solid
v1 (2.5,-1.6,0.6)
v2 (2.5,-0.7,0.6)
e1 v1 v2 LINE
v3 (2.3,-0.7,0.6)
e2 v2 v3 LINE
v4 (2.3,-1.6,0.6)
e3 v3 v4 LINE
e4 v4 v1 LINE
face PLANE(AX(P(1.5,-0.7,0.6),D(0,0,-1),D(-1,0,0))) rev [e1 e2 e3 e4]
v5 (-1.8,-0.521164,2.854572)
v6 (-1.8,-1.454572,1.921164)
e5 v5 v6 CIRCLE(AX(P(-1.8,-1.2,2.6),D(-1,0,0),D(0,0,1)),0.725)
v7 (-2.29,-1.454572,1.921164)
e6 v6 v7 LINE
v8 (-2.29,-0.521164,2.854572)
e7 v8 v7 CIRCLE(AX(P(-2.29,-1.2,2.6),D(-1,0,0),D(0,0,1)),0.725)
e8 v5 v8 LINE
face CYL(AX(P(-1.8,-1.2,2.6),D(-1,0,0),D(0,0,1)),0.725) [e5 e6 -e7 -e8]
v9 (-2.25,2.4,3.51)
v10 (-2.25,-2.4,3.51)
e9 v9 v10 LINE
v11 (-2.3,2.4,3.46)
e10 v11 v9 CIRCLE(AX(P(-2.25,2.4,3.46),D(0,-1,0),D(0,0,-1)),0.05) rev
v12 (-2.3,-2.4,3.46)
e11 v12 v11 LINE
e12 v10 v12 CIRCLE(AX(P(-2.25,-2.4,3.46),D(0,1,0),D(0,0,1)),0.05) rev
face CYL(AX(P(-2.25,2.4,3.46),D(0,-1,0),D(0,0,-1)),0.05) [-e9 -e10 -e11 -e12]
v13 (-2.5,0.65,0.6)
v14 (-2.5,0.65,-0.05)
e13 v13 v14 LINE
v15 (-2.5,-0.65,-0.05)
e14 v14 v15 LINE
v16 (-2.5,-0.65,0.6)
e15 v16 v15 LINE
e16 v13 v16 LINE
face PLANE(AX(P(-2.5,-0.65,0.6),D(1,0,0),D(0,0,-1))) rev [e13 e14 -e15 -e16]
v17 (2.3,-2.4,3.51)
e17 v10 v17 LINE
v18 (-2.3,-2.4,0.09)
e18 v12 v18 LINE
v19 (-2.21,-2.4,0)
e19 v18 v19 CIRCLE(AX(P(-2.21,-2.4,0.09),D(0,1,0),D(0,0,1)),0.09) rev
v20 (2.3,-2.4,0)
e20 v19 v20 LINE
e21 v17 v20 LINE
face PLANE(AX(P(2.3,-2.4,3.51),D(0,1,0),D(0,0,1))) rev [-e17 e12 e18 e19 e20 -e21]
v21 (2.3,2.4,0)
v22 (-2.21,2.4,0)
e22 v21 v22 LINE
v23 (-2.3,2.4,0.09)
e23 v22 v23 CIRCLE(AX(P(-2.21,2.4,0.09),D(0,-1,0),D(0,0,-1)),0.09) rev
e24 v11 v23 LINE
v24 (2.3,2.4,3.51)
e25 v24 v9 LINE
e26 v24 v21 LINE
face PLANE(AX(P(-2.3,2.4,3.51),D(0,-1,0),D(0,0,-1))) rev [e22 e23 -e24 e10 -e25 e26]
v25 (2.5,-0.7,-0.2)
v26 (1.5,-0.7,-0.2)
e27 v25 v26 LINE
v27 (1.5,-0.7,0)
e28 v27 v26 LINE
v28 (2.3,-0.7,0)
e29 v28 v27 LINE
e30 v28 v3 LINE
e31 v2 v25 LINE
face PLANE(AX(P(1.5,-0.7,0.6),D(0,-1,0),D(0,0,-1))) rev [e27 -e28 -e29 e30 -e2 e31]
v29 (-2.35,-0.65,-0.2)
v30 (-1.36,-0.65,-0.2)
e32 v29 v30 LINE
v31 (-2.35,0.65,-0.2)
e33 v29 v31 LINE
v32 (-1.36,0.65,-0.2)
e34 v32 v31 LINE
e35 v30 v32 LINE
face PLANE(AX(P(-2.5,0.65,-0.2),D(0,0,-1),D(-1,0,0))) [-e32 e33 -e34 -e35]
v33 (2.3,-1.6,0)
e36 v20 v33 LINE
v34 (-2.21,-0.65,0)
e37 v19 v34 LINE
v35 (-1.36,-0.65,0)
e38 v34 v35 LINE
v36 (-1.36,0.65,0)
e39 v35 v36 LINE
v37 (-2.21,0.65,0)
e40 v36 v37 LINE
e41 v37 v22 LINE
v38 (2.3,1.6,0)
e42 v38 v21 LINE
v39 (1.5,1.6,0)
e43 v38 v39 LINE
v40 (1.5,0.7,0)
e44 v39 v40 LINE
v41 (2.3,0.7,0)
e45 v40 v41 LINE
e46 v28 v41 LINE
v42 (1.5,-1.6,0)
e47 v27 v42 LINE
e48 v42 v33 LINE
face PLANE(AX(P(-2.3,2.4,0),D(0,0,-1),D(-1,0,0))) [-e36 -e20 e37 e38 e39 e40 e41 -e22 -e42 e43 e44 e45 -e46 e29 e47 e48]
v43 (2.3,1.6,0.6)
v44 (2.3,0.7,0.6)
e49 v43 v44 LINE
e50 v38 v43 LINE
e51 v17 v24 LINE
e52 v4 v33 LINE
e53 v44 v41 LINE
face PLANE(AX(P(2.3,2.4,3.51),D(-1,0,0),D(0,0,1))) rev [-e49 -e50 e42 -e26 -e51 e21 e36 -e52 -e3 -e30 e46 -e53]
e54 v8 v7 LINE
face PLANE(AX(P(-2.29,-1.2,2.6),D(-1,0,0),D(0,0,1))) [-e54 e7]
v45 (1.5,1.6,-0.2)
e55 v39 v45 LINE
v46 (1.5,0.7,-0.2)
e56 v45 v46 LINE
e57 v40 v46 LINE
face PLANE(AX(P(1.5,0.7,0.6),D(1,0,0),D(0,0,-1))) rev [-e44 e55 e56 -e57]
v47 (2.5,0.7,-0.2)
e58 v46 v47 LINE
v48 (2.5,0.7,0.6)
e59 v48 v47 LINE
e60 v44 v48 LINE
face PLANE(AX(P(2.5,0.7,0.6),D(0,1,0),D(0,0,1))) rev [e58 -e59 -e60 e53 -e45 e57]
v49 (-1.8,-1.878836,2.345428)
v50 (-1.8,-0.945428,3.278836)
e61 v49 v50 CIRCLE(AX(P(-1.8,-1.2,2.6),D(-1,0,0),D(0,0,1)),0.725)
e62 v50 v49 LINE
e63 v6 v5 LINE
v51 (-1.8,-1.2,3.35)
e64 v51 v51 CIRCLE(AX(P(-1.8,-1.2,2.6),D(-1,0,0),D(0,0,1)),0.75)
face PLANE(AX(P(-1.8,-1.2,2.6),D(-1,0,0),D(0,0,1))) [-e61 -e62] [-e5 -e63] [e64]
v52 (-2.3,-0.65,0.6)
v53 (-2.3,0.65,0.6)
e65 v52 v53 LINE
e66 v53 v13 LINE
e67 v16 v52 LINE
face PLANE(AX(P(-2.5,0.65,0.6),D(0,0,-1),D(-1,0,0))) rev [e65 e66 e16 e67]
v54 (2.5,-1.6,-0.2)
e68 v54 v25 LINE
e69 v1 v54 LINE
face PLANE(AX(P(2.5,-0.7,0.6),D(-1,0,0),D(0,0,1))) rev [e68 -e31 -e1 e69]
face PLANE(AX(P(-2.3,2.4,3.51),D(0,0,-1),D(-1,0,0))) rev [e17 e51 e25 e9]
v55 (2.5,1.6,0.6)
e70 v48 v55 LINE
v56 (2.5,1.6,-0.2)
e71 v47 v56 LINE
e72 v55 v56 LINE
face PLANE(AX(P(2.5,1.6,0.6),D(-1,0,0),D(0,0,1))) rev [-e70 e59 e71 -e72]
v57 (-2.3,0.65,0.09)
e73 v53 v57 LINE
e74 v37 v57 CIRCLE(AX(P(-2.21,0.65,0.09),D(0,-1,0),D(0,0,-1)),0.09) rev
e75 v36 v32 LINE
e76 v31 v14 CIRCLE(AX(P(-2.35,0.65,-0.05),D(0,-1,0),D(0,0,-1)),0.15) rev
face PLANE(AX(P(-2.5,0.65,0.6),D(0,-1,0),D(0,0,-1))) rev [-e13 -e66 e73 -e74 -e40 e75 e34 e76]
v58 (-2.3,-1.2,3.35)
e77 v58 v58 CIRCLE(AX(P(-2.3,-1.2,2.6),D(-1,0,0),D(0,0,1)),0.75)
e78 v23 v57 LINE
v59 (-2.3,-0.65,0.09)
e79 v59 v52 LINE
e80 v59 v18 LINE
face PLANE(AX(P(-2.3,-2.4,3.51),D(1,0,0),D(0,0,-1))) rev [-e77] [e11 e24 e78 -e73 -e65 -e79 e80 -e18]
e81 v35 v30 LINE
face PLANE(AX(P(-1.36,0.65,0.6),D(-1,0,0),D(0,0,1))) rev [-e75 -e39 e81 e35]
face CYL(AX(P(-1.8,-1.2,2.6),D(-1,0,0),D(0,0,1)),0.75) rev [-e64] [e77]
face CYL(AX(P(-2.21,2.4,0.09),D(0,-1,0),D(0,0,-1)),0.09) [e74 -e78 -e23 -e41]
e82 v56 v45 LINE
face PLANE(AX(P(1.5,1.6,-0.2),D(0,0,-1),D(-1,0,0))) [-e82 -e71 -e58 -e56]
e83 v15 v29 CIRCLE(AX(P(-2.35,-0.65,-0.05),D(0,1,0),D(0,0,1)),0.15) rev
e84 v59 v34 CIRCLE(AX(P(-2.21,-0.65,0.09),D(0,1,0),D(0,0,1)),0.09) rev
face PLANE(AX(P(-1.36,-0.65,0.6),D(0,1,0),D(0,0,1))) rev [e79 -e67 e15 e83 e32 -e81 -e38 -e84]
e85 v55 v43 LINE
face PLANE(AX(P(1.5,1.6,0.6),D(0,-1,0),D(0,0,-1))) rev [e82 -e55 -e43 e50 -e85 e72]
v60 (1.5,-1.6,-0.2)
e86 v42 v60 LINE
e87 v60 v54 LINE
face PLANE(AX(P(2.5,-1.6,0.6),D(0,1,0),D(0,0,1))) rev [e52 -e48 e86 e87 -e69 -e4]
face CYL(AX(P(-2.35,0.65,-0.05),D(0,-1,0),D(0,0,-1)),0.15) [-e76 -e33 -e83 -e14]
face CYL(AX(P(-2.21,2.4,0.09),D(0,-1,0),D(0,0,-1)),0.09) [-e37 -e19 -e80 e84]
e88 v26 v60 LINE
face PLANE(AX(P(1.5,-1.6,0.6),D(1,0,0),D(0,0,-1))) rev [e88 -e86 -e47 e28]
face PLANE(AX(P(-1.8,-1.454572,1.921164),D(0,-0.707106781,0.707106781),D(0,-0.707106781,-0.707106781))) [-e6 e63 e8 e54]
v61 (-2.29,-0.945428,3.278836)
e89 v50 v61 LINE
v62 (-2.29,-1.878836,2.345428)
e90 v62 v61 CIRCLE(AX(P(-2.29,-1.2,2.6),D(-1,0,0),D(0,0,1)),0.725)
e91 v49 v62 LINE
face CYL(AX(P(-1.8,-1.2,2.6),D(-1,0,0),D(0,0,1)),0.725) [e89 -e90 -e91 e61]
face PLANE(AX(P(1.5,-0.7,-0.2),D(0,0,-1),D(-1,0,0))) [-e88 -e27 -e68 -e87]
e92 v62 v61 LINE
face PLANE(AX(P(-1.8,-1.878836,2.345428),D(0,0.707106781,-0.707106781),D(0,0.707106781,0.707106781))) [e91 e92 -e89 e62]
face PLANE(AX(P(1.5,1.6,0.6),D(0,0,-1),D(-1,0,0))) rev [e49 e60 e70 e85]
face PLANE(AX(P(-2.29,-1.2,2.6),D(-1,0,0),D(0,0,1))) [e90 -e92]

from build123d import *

# Parameters (mm, degrees)
SKETCH1_W           = 4.6
SKETCH1_H           = 4.8
BOSS_EXTRUDE1_DEPTH = 3.51
FILLET1_R           = 0.09
SKETCH2_W           = 1.14
SKETCH2_H           = 1.3
SKETCH2_W_2         = 1
SKETCH2_H_2         = 0.9
BOSS_EXTRUDE2_DEPTH = 0.8
FILLET2_R           = 0.15
SKETCH3_R           = 0.75
CUT_EXTRUDE1_DEPTH  = 0.5
FILLET3_R           = 0.05
SKETCH4_R           = 0.725
CUT_EXTRUDE2_DEPTH  = 0.01


with BuildPart() as part:
    # Sketch1 → Boss-Extrude1 (new body)
    with BuildSketch(Plane.XY):
        Rectangle(SKETCH1_W, SKETCH1_H)
    extrude(amount=BOSS_EXTRUDE1_DEPTH)

    # Fillet1
    fillet1_edges = [part.edges().sort_by_distance(p)[0] for p in [
        (-2.3, 0, 0),
    ]]
    fillet(fillet1_edges, radius=FILLET1_R)

    # Sketch2 → Boss-Extrude2 (add)
    with BuildSketch(Plane.XY.offset(-0.2)):
        with Locations((-1.93, 0)):
            Rectangle(SKETCH2_W, SKETCH2_H)
        with Locations((2, 1.15)):
            Rectangle(SKETCH2_W_2, SKETCH2_H_2)
        with Locations((2, -1.15)):
            Rectangle(SKETCH2_W_2, SKETCH2_H_2)
    extrude(amount=BOSS_EXTRUDE2_DEPTH)

    # Fillet2
    fillet2_edges = [part.edges().sort_by_distance(p)[0] for p in [
        (-2.5, 0, -0.2),
    ]]
    fillet(fillet2_edges, radius=FILLET2_R)

    # Sketch3 → Cut-Extrude1 (cut)
    with BuildSketch(Plane.ZY.offset(2.3)):
        with Locations((2.6, -1.2)):
            Circle(SKETCH3_R)
        with BuildLine():
            Line((1.921164098, -1.454571833), (2.854571833, -0.521164098))
            ThreePointArc((2.854571833, -0.521164098), (2.087347584, -0.687347584), (1.921164098, -1.454571833))
        make_face(mode=Mode.SUBTRACT)
        with BuildLine():
            Line((2.345428167, -1.878835902), (3.278835902, -0.945428167))
            ThreePointArc((3.278835902, -0.945428167), (3.112652416, -1.712652416), (2.345428167, -1.878835902))
        make_face(mode=Mode.SUBTRACT)
    extrude(amount=-CUT_EXTRUDE1_DEPTH, mode=Mode.SUBTRACT)

    # Fillet3
    fillet3_edges = [part.edges().sort_by_distance(p)[0] for p in [
        (-2.3, 0, 3.51),
    ]]
    fillet(fillet3_edges, radius=FILLET3_R)

    # Sketch4 → Cut-Extrude2 (cut)
    with BuildSketch(Plane.ZY.offset(2.3)):
        with Locations((2.6, -1.2)):
            Circle(SKETCH4_R)
    extrude(amount=-CUT_EXTRUDE2_DEPTH, mode=Mode.SUBTRACT)


solid = part.part
